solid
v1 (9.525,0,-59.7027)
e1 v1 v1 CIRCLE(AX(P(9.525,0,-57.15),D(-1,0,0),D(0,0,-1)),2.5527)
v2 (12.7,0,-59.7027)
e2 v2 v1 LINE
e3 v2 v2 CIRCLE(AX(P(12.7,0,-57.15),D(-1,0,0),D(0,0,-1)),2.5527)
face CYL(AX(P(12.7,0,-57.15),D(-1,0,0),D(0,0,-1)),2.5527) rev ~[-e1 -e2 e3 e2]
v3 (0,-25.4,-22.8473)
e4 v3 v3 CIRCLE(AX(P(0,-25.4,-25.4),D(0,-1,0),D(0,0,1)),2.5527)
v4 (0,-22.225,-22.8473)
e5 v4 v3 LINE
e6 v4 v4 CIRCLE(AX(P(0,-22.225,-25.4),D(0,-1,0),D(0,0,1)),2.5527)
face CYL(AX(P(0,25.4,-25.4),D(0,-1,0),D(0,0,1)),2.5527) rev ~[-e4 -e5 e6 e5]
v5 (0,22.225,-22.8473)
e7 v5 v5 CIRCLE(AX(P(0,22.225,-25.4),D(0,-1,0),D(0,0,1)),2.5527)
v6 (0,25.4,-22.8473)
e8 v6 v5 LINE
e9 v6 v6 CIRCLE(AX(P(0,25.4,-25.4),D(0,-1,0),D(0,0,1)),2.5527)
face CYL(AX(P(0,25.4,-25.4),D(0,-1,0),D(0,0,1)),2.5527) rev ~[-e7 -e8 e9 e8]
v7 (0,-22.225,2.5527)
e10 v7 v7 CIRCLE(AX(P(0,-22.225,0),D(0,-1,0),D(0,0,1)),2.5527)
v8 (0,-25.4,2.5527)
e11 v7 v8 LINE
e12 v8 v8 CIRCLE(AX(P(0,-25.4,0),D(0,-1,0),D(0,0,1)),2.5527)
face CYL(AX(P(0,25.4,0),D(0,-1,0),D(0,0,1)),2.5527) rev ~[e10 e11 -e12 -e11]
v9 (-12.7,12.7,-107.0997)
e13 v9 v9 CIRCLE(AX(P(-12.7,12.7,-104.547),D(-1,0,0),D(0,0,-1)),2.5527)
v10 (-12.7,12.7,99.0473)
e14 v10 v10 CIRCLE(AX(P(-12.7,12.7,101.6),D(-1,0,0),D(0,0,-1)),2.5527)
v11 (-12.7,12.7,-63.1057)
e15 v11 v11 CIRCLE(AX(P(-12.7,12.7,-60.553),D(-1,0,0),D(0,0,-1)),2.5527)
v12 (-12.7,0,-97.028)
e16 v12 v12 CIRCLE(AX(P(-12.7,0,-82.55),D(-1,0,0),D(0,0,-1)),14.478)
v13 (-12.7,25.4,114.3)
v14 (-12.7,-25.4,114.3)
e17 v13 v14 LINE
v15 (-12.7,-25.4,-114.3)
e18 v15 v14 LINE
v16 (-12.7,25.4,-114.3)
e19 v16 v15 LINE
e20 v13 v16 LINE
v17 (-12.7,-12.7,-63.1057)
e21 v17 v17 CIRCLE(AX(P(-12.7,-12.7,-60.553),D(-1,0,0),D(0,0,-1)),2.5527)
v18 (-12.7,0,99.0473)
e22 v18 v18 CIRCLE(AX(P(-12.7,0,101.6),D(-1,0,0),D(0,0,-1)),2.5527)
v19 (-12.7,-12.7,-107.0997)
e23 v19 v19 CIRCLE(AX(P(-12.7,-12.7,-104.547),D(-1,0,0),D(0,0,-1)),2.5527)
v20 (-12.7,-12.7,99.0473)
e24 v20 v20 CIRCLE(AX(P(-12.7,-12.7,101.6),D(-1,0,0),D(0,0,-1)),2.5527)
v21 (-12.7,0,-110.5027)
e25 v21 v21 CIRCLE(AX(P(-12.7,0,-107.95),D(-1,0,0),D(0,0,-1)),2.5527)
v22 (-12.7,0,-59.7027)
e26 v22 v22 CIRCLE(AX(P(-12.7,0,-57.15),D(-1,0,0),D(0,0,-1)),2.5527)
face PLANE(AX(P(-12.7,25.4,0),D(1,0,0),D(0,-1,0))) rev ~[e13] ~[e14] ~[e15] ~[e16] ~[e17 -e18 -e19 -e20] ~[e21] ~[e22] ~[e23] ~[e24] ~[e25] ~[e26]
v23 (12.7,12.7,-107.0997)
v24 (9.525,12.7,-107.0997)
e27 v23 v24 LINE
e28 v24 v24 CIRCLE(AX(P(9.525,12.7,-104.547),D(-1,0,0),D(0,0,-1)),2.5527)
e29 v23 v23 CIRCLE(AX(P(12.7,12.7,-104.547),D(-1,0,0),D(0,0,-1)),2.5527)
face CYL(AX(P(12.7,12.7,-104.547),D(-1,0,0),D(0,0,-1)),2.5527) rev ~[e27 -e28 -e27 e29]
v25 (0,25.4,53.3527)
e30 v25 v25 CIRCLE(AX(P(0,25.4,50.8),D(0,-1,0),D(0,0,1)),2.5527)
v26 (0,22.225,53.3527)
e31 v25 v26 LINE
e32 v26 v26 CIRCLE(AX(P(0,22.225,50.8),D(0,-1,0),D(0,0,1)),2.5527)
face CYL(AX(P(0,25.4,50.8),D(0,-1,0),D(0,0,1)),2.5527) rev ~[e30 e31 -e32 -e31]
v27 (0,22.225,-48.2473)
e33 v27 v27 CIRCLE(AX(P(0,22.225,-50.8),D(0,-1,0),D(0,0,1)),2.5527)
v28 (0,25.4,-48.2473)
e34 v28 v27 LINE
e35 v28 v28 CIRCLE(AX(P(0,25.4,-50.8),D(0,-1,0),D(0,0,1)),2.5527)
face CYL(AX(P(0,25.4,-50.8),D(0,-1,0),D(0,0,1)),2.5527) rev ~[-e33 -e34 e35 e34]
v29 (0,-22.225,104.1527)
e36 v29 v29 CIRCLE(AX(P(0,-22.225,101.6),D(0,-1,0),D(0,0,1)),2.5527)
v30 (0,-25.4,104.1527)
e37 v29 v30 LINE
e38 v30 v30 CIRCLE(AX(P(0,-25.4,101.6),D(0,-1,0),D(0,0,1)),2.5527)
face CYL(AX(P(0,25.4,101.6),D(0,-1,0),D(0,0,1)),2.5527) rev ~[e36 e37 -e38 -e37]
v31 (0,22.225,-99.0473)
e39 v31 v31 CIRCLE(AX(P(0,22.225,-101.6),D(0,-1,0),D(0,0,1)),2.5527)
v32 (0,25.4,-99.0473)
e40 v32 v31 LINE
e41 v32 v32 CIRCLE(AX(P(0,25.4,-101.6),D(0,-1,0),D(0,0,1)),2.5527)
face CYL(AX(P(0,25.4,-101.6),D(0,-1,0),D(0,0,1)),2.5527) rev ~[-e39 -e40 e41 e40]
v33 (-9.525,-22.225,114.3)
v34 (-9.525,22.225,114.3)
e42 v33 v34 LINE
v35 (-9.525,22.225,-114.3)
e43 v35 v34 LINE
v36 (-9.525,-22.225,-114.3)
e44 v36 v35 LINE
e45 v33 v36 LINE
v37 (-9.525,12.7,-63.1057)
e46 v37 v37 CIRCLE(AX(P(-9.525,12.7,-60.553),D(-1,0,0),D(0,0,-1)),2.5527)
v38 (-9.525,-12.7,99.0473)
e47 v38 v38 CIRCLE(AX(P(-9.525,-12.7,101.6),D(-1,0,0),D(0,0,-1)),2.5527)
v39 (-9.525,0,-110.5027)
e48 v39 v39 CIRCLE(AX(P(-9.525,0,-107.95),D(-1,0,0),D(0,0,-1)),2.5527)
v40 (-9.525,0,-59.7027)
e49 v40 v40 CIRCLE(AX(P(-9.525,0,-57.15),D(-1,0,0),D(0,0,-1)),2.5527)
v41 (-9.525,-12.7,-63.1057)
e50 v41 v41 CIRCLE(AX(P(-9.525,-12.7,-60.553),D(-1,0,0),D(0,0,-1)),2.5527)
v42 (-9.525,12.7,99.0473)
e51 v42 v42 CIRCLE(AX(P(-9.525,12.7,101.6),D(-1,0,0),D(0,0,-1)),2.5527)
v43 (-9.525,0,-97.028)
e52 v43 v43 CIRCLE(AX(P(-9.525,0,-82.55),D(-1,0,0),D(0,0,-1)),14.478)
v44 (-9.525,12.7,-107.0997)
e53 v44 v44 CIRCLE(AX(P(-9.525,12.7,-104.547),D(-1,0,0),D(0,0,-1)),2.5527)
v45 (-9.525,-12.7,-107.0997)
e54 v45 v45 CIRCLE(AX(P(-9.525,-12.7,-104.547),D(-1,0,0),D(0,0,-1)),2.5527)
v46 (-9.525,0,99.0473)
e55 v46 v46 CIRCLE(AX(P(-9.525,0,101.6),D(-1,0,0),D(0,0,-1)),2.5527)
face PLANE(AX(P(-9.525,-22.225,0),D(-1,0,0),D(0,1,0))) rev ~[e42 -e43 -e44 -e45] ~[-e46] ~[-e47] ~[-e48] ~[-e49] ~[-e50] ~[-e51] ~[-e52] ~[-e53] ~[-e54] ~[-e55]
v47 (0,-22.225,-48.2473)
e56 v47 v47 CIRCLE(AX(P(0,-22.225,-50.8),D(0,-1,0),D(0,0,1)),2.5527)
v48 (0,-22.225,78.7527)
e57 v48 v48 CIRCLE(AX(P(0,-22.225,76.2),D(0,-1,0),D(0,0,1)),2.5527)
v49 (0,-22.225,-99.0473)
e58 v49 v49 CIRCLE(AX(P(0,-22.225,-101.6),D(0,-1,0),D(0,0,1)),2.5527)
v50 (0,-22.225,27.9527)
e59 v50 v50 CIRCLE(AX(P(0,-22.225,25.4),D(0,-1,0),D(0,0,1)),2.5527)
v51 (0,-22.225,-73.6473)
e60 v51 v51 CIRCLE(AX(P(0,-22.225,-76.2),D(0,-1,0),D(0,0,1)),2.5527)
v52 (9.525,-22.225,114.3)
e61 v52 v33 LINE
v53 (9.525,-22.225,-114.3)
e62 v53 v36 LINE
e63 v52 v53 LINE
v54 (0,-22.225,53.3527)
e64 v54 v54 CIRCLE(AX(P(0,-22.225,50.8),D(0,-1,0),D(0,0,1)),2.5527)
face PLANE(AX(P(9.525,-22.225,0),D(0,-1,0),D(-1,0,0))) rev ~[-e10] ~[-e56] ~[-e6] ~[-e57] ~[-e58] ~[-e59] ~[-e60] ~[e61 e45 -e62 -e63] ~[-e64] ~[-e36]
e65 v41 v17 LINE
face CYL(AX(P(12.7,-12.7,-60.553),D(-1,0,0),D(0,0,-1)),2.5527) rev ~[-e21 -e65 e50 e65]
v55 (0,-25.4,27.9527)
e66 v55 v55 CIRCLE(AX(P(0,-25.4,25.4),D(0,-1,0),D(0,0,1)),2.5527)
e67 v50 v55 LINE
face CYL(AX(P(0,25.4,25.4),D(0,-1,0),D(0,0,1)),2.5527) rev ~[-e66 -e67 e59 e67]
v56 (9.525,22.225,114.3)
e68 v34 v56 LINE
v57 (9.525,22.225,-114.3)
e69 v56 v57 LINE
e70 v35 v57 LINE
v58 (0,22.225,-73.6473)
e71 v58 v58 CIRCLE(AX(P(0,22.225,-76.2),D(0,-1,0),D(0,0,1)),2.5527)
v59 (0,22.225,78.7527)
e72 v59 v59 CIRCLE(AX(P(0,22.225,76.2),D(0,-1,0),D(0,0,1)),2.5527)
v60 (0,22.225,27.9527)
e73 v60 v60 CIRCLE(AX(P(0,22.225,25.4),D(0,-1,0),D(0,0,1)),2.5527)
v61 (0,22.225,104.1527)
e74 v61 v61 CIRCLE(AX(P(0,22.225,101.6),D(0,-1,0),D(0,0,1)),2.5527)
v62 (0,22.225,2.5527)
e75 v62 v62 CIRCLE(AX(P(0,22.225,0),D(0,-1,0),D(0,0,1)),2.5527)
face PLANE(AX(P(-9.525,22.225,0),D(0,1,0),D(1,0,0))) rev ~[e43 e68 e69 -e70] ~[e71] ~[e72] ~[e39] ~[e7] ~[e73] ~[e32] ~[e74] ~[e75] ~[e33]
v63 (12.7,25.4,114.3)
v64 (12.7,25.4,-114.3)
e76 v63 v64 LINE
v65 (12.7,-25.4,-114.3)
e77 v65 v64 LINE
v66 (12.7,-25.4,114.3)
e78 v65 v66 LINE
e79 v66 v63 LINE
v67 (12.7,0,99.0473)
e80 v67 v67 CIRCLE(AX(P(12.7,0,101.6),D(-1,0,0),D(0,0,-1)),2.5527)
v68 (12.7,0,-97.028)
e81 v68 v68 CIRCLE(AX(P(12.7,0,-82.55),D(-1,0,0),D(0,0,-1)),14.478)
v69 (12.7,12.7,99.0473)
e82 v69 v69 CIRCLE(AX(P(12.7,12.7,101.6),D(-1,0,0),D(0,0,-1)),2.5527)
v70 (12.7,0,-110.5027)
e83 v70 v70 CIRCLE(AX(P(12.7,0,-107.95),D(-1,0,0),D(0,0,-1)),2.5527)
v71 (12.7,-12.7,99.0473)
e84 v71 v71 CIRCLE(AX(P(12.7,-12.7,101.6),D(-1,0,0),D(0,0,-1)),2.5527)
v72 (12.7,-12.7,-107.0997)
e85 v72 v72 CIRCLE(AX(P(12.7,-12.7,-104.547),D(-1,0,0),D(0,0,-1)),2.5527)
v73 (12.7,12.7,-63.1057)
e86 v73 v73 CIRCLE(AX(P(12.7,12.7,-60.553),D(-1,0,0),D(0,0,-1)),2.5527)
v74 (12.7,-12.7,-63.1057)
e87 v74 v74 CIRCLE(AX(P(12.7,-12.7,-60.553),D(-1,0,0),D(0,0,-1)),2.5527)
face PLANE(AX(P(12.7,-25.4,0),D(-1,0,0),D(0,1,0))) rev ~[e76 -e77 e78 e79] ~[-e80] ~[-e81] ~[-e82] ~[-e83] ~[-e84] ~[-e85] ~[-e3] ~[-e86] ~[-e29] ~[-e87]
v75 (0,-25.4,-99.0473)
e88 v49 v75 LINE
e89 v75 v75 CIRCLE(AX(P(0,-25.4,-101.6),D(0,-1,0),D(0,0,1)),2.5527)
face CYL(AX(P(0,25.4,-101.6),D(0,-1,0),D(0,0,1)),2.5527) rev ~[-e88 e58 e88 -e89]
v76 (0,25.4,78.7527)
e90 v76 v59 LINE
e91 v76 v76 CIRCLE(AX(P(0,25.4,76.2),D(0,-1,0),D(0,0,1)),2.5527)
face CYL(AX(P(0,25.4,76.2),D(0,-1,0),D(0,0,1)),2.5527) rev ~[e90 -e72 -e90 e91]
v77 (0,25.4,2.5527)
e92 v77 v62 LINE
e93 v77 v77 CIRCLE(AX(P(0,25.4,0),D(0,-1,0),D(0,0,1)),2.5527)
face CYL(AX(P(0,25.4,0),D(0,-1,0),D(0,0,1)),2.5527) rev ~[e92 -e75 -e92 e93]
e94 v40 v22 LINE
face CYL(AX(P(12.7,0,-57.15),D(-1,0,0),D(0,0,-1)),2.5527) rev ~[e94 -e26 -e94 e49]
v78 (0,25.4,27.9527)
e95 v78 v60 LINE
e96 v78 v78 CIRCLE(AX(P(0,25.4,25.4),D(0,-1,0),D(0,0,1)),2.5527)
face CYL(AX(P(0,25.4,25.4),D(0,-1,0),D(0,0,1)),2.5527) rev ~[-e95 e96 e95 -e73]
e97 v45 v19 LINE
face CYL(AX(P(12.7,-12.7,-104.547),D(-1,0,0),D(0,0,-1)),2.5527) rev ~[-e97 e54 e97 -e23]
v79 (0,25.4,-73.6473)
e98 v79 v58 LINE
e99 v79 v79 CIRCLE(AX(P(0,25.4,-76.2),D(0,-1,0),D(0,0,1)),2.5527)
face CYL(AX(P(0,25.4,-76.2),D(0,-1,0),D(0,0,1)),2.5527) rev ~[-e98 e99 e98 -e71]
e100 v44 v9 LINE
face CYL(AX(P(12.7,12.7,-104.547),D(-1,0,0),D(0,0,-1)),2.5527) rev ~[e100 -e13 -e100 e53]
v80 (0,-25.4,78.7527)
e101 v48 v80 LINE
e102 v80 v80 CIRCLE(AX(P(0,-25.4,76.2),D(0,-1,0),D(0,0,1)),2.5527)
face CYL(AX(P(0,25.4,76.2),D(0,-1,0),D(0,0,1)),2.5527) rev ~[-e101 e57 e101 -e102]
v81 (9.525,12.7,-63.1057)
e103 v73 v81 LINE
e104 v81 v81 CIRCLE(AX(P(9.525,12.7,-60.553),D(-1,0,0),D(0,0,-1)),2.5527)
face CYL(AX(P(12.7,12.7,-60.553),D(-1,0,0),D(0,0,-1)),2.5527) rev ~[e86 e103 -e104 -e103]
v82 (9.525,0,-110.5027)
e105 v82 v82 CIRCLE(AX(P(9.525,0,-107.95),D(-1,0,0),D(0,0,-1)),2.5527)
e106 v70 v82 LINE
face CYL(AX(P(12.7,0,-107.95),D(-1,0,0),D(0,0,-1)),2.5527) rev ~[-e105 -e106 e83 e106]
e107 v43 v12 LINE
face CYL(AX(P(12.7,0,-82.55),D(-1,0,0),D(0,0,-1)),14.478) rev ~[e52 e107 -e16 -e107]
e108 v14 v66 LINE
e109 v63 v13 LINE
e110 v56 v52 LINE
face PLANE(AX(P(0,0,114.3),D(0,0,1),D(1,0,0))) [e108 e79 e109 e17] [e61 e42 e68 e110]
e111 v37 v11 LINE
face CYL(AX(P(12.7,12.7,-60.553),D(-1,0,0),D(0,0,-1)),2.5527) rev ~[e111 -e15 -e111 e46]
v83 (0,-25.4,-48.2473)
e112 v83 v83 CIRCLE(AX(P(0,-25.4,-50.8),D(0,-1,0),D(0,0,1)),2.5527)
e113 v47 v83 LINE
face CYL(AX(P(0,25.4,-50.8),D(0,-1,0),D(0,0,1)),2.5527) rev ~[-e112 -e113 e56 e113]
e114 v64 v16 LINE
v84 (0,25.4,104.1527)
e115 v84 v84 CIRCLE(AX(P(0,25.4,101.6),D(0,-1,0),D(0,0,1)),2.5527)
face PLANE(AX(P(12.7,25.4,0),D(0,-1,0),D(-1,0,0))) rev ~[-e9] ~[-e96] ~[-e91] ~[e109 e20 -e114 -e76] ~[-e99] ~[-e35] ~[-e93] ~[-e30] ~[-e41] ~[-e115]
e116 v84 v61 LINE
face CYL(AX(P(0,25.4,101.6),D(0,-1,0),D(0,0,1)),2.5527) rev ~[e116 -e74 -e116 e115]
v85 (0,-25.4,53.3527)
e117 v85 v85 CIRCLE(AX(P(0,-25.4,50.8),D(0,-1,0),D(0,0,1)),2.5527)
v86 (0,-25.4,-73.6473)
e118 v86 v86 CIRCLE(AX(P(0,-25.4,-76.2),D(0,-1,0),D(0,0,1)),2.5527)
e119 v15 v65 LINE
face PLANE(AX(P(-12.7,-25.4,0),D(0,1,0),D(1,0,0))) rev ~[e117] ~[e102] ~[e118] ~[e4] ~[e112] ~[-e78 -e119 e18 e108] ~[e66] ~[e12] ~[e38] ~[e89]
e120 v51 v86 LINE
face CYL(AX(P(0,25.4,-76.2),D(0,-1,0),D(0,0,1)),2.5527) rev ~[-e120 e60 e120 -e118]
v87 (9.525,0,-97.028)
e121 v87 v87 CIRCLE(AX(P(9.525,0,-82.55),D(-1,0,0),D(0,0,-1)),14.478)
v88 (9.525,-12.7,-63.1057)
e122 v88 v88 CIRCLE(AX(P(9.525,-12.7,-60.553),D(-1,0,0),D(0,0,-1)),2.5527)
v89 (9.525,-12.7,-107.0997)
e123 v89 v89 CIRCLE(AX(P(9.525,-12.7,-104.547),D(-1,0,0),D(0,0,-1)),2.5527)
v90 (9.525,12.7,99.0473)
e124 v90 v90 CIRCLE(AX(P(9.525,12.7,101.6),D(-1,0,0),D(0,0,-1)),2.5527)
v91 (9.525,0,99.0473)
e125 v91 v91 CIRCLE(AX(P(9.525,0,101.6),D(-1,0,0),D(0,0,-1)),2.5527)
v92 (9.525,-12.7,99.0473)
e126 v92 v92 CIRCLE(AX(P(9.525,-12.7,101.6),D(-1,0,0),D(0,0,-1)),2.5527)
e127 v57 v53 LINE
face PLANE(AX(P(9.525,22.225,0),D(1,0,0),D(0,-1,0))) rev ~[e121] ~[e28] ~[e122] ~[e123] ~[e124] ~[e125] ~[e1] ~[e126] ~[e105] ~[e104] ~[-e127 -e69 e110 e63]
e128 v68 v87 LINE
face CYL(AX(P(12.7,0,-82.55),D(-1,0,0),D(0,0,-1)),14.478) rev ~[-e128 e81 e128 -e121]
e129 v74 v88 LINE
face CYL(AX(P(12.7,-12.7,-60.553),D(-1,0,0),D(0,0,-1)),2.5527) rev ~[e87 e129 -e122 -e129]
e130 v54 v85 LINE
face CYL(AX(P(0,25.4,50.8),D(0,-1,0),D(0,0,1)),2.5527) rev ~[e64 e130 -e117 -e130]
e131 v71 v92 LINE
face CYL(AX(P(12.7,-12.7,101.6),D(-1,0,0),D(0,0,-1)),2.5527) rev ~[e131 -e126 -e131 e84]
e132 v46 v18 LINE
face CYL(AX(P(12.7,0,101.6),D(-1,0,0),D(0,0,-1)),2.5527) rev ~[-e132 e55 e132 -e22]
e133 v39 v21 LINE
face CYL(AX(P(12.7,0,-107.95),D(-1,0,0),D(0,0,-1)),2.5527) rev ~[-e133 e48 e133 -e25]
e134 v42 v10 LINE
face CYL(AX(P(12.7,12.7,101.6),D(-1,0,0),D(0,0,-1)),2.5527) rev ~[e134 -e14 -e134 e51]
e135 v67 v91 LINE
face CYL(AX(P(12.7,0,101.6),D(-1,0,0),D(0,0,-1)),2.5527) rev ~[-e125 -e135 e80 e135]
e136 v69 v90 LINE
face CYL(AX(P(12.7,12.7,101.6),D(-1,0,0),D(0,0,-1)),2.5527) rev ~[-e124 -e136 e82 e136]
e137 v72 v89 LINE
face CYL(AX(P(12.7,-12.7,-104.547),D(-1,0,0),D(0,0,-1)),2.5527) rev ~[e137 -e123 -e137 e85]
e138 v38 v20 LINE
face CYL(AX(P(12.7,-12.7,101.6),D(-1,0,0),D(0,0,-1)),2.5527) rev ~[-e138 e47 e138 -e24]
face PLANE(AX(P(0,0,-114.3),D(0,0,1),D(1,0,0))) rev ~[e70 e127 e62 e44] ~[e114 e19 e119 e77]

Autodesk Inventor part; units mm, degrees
ref_plane "YZ Plane" through (0, 0, 0) normal (1, 0, 0) x (0, 1, 0)
ref_plane "XZ Plane" through (0, 0, 0) normal (0, 1, 0) x (-1, 0, 0)
ref_plane "XY Plane" through (0, 0, 0) normal (0, 0, 1) x (1, 0, 0)
sketch "Sketch1" plane through (0, 0, 0) normal (0, 0, 1) x (1, 0, 0)
  line L0 (-12.7, -25.4) -> (12.7, -25.4)
  line L1 (12.7, -25.4) -> (12.7, 25.4)
  line L2 (12.7, 25.4) -> (-12.7, 25.4)
  line L3 (-12.7, 25.4) -> (-12.7, -25.4)
  line L4 (-12.7, -25.4) -> (12.7, 25.4) construction
  line L5 (12.7, -25.4) -> (-12.7, 25.4) construction
  line L6 (-9.525, 22.225) -> (9.525, 22.225)
  line L7 (9.525, 22.225) -> (9.525, -22.225)
  line L8 (9.525, -22.225) -> (-9.525, -22.225)
  line L9 (-9.525, -22.225) -> (-9.525, 22.225)
  point P0 (0, 0)
  dimension "width" = 25.4
  dimension "height" = 50.8
  dimension "thickness" = 3.175
extrude "Extrusion1" add sketch "Sketch1" along normal mid plane 228.6
sketch "Sketch3" plane through (-12.7, -25.4, -114.3) normal (-1, 0, 0) x (0, 0, 1)
  circle A0 centre (25.4, 25.4) radius 14.2875
  line L0 (0, 0) -> (0, 50.8) projected
  point P0 (114.3, 25.4)
  dimension "d8" = 28.575
  dimension "d9" = 25.4
extrude "Extrusion3" [suppressed]
sketch "Sketch4" plane through (-12.7, 25.4, 114.3) normal (0, 1, 0) x (1, 0, 0)
  line L0 (0, 228.6) -> (0, 0) projected
  line L1 (25.4, 0) -> (0, 0) projected
  line L2 (25.4, 228.6) -> (25.4, 0) projected
  line L3 (0, 228.6) -> (25.4, 228.6) construction
  line L4 (0, 228.6) -> (0, 0) construction
  line L5 (25.4, 228.6) -> (25.4, 0) construction
  line L6 (0, 0) -> (25.4, 0) construction
  line L7 (25.4, 0) -> (0, 25.4)
  line L8 (0, 25.4) -> (0, 0)
  line L9 (0, 0) -> (25.4, 0)
  point P0 (12.7, 114.3)
  point P1 (0, 25.4)
  dimension "d17" = 45
extrude "Extrusion4" [suppressed]
sketch "Sketch5" plane through (-12.7, 25.4, -114.3) normal (0, 1, 0) x (1, 0, 0)
  line L0 (0, 0) -> (25.4, 0) construction
  line L1 (25.4, 0) -> (25.4, -228.6) construction
  line L2 (0, -228.6) -> (0, 0) construction
  line L3 (25.4, -228.6) -> (0, -228.6) projected
  point P0 (12.7, -114.3)
  point P1 (12.7, -12.7)
  point P2 (12.7, 0)
  dimension "d18" = 12.7
hole "Hole1" at (0, 25.4, -101.6) direction (0, -1, 0) diameter 5.1054 end through all clearance for "Flat Head Machine Screw (82)" size "#10" standard "Ansi Unified Screw Threads"
pattern_linear "Rectangular Pattern1" count 9 spacing 25.4 along (0, 0, 1) of "Hole1"
sketch "Sketch6" plane through (-12.7, 25.4, 114.3) normal (0, 1, 0) x (1, 0, 0)
  circle A0 centre (12.7, 38.1) radius 2.5527 construction
  circle A1 centre (12.7, 63.5) radius 2.5527 construction
  circle A2 centre (12.7, 88.9) radius 2.5527 construction
  circle A3 centre (12.7, 114.3) radius 2.5527 construction
  circle A4 centre (12.7, 139.7) radius 2.5527 construction
  circle A5 centre (12.7, 165.1) radius 2.5527 construction
  circle A6 centre (12.7, 190.5) radius 2.5527 construction
  circle A7 centre (12.7, 215.9) radius 2.5527 construction
  line L0 (0, 228.6) -> (25.4, 228.6) construction
  line L1 (25.4, 228.6) -> (25.4, 0) construction
  line L2 (25.4, 0) -> (0, 0) construction
  line L3 (0, 0) -> (0, 228.6) construction
  line L4 (25.4, 0) -> (25.4, 25.4)
  line L5 (25.4, 25.4) -> (0, 0)
  line L6 (0, 0) -> (25.4, 0)
  circle A8 centre (12.7, 12.7) radius 2.5527 projected
  dimension "d29" = 45
extrude "Extrusion5" [suppressed]
sketch "Sketch7" plane through (12.7, -25.4, 114.3) normal (1, 0, 0) x (0, 0, -1)
  line L0 (228.6, 50.8) -> (228.6, 0) construction
  line L1 (228.6, 0) -> (0, 0) construction
  line L2 (0, 0) -> (0, 50.8) construction
  line L3 (0, 50.8) -> (228.6, 50.8) construction
  point P0 (114.3, 25.4)
  point P1 (12.7, 38.1)
  point P2 (12.7, 25.4)
  point P3 (12.7, 12.7)
  point P4 (0, 25.4)
  dimension "d32" = 12.7
  dimension "d33" = 12.7
  dimension "d34" = 12.7
hole "Hole2" at (12.7, 12.7, 101.6) at (12.7, 0, 101.6) at (12.7, -12.7, 101.6) direction (-1, 0, 0) diameter 5.1054 end through all clearance for "Flat Head Machine Screw (82)" size "#10" standard "Ansi Unified Screw Threads"
sketch "Sketch8" plane through (12.7, -25.4, 114.3) normal (1, 0, 0) x (0, 0, -1)
  circle A0 centre (12.7, 25.4) radius 2.5527 construction
  circle A1 centre (12.7, 38.1) radius 2.5527 construction
  circle A2 centre (12.7, 12.7) radius 2.5527 construction
  line L0 (228.6, 50.8) -> (228.6, 0) construction
  line L1 (228.6, 0) -> (0, 0) construction
  line L2 (0, 0) -> (0, 50.8) construction
  line L3 (0, 50.8) -> (228.6, 50.8) construction
  circle A3 centre (196.85, 25.4) radius 23.8125 construction
  circle A4 centre (196.85, 25.4) radius 25.4 construction
  circle A5 centre (196.85, 25.4) radius 50.8 construction
  circle A6 centre (196.85, 25.4) radius 76.2 construction
  point P0 (114.3, 25.4)
  point P1 (220.6625, 25.4)
  point P2 (218.847, 38.1)
  point P3 (208.7562, 46.0222)
  point P4 (184.9437, 46.0222)
  point P5 (173.0375, 25.4)
  point P6 (184.9437, 4.7778)
  point P7 (208.7562, 4.7778)
  point P8 (209.55, 47.397)
  point P9 (196.85, 50.8)
  point P10 (184.15, 47.397)
  point P11 (174.853, 38.1)
  point P12 (171.45, 25.4)
  point P13 (174.853, 12.7)
  point P14 (184.15, 3.403)
  point P15 (196.85, 0)
  point P16 (209.55, 3.403)
  point P17 (218.847, 12.7)
  point P18 (222.25, 25.4)
  dimension "d42" = 47.625
  dimension "d43" = 50.8
  dimension "d44" = 101.6
  dimension "d45" = 152.4
  dimension "d46" = 31.75
  dimension "d49" = 360
  dimension "d53" = 360
hole "Hole3" [suppressed]
hole "Hole4" at (12.7, 12.7, -104.547) at (12.7, 12.7, -60.553) at (12.7, 0, -57.15) at (12.7, -12.7, -60.553) at (12.7, -12.7, -104.547) at (12.7, 0, -107.95) direction (-1, 0, 0) diameter 5.1054 end through all clearance for "Flat Head Machine Screw (82)" size "#10" standard "Ansi Unified Screw Threads"
hole "Hole5" at (12.7, 0, -82.55) direction (-1, 0, 0) diameter 28.956 end through all
equation "\"d33\" = d32"
properties part number "CL3-001" material "Aluminum 6061"
